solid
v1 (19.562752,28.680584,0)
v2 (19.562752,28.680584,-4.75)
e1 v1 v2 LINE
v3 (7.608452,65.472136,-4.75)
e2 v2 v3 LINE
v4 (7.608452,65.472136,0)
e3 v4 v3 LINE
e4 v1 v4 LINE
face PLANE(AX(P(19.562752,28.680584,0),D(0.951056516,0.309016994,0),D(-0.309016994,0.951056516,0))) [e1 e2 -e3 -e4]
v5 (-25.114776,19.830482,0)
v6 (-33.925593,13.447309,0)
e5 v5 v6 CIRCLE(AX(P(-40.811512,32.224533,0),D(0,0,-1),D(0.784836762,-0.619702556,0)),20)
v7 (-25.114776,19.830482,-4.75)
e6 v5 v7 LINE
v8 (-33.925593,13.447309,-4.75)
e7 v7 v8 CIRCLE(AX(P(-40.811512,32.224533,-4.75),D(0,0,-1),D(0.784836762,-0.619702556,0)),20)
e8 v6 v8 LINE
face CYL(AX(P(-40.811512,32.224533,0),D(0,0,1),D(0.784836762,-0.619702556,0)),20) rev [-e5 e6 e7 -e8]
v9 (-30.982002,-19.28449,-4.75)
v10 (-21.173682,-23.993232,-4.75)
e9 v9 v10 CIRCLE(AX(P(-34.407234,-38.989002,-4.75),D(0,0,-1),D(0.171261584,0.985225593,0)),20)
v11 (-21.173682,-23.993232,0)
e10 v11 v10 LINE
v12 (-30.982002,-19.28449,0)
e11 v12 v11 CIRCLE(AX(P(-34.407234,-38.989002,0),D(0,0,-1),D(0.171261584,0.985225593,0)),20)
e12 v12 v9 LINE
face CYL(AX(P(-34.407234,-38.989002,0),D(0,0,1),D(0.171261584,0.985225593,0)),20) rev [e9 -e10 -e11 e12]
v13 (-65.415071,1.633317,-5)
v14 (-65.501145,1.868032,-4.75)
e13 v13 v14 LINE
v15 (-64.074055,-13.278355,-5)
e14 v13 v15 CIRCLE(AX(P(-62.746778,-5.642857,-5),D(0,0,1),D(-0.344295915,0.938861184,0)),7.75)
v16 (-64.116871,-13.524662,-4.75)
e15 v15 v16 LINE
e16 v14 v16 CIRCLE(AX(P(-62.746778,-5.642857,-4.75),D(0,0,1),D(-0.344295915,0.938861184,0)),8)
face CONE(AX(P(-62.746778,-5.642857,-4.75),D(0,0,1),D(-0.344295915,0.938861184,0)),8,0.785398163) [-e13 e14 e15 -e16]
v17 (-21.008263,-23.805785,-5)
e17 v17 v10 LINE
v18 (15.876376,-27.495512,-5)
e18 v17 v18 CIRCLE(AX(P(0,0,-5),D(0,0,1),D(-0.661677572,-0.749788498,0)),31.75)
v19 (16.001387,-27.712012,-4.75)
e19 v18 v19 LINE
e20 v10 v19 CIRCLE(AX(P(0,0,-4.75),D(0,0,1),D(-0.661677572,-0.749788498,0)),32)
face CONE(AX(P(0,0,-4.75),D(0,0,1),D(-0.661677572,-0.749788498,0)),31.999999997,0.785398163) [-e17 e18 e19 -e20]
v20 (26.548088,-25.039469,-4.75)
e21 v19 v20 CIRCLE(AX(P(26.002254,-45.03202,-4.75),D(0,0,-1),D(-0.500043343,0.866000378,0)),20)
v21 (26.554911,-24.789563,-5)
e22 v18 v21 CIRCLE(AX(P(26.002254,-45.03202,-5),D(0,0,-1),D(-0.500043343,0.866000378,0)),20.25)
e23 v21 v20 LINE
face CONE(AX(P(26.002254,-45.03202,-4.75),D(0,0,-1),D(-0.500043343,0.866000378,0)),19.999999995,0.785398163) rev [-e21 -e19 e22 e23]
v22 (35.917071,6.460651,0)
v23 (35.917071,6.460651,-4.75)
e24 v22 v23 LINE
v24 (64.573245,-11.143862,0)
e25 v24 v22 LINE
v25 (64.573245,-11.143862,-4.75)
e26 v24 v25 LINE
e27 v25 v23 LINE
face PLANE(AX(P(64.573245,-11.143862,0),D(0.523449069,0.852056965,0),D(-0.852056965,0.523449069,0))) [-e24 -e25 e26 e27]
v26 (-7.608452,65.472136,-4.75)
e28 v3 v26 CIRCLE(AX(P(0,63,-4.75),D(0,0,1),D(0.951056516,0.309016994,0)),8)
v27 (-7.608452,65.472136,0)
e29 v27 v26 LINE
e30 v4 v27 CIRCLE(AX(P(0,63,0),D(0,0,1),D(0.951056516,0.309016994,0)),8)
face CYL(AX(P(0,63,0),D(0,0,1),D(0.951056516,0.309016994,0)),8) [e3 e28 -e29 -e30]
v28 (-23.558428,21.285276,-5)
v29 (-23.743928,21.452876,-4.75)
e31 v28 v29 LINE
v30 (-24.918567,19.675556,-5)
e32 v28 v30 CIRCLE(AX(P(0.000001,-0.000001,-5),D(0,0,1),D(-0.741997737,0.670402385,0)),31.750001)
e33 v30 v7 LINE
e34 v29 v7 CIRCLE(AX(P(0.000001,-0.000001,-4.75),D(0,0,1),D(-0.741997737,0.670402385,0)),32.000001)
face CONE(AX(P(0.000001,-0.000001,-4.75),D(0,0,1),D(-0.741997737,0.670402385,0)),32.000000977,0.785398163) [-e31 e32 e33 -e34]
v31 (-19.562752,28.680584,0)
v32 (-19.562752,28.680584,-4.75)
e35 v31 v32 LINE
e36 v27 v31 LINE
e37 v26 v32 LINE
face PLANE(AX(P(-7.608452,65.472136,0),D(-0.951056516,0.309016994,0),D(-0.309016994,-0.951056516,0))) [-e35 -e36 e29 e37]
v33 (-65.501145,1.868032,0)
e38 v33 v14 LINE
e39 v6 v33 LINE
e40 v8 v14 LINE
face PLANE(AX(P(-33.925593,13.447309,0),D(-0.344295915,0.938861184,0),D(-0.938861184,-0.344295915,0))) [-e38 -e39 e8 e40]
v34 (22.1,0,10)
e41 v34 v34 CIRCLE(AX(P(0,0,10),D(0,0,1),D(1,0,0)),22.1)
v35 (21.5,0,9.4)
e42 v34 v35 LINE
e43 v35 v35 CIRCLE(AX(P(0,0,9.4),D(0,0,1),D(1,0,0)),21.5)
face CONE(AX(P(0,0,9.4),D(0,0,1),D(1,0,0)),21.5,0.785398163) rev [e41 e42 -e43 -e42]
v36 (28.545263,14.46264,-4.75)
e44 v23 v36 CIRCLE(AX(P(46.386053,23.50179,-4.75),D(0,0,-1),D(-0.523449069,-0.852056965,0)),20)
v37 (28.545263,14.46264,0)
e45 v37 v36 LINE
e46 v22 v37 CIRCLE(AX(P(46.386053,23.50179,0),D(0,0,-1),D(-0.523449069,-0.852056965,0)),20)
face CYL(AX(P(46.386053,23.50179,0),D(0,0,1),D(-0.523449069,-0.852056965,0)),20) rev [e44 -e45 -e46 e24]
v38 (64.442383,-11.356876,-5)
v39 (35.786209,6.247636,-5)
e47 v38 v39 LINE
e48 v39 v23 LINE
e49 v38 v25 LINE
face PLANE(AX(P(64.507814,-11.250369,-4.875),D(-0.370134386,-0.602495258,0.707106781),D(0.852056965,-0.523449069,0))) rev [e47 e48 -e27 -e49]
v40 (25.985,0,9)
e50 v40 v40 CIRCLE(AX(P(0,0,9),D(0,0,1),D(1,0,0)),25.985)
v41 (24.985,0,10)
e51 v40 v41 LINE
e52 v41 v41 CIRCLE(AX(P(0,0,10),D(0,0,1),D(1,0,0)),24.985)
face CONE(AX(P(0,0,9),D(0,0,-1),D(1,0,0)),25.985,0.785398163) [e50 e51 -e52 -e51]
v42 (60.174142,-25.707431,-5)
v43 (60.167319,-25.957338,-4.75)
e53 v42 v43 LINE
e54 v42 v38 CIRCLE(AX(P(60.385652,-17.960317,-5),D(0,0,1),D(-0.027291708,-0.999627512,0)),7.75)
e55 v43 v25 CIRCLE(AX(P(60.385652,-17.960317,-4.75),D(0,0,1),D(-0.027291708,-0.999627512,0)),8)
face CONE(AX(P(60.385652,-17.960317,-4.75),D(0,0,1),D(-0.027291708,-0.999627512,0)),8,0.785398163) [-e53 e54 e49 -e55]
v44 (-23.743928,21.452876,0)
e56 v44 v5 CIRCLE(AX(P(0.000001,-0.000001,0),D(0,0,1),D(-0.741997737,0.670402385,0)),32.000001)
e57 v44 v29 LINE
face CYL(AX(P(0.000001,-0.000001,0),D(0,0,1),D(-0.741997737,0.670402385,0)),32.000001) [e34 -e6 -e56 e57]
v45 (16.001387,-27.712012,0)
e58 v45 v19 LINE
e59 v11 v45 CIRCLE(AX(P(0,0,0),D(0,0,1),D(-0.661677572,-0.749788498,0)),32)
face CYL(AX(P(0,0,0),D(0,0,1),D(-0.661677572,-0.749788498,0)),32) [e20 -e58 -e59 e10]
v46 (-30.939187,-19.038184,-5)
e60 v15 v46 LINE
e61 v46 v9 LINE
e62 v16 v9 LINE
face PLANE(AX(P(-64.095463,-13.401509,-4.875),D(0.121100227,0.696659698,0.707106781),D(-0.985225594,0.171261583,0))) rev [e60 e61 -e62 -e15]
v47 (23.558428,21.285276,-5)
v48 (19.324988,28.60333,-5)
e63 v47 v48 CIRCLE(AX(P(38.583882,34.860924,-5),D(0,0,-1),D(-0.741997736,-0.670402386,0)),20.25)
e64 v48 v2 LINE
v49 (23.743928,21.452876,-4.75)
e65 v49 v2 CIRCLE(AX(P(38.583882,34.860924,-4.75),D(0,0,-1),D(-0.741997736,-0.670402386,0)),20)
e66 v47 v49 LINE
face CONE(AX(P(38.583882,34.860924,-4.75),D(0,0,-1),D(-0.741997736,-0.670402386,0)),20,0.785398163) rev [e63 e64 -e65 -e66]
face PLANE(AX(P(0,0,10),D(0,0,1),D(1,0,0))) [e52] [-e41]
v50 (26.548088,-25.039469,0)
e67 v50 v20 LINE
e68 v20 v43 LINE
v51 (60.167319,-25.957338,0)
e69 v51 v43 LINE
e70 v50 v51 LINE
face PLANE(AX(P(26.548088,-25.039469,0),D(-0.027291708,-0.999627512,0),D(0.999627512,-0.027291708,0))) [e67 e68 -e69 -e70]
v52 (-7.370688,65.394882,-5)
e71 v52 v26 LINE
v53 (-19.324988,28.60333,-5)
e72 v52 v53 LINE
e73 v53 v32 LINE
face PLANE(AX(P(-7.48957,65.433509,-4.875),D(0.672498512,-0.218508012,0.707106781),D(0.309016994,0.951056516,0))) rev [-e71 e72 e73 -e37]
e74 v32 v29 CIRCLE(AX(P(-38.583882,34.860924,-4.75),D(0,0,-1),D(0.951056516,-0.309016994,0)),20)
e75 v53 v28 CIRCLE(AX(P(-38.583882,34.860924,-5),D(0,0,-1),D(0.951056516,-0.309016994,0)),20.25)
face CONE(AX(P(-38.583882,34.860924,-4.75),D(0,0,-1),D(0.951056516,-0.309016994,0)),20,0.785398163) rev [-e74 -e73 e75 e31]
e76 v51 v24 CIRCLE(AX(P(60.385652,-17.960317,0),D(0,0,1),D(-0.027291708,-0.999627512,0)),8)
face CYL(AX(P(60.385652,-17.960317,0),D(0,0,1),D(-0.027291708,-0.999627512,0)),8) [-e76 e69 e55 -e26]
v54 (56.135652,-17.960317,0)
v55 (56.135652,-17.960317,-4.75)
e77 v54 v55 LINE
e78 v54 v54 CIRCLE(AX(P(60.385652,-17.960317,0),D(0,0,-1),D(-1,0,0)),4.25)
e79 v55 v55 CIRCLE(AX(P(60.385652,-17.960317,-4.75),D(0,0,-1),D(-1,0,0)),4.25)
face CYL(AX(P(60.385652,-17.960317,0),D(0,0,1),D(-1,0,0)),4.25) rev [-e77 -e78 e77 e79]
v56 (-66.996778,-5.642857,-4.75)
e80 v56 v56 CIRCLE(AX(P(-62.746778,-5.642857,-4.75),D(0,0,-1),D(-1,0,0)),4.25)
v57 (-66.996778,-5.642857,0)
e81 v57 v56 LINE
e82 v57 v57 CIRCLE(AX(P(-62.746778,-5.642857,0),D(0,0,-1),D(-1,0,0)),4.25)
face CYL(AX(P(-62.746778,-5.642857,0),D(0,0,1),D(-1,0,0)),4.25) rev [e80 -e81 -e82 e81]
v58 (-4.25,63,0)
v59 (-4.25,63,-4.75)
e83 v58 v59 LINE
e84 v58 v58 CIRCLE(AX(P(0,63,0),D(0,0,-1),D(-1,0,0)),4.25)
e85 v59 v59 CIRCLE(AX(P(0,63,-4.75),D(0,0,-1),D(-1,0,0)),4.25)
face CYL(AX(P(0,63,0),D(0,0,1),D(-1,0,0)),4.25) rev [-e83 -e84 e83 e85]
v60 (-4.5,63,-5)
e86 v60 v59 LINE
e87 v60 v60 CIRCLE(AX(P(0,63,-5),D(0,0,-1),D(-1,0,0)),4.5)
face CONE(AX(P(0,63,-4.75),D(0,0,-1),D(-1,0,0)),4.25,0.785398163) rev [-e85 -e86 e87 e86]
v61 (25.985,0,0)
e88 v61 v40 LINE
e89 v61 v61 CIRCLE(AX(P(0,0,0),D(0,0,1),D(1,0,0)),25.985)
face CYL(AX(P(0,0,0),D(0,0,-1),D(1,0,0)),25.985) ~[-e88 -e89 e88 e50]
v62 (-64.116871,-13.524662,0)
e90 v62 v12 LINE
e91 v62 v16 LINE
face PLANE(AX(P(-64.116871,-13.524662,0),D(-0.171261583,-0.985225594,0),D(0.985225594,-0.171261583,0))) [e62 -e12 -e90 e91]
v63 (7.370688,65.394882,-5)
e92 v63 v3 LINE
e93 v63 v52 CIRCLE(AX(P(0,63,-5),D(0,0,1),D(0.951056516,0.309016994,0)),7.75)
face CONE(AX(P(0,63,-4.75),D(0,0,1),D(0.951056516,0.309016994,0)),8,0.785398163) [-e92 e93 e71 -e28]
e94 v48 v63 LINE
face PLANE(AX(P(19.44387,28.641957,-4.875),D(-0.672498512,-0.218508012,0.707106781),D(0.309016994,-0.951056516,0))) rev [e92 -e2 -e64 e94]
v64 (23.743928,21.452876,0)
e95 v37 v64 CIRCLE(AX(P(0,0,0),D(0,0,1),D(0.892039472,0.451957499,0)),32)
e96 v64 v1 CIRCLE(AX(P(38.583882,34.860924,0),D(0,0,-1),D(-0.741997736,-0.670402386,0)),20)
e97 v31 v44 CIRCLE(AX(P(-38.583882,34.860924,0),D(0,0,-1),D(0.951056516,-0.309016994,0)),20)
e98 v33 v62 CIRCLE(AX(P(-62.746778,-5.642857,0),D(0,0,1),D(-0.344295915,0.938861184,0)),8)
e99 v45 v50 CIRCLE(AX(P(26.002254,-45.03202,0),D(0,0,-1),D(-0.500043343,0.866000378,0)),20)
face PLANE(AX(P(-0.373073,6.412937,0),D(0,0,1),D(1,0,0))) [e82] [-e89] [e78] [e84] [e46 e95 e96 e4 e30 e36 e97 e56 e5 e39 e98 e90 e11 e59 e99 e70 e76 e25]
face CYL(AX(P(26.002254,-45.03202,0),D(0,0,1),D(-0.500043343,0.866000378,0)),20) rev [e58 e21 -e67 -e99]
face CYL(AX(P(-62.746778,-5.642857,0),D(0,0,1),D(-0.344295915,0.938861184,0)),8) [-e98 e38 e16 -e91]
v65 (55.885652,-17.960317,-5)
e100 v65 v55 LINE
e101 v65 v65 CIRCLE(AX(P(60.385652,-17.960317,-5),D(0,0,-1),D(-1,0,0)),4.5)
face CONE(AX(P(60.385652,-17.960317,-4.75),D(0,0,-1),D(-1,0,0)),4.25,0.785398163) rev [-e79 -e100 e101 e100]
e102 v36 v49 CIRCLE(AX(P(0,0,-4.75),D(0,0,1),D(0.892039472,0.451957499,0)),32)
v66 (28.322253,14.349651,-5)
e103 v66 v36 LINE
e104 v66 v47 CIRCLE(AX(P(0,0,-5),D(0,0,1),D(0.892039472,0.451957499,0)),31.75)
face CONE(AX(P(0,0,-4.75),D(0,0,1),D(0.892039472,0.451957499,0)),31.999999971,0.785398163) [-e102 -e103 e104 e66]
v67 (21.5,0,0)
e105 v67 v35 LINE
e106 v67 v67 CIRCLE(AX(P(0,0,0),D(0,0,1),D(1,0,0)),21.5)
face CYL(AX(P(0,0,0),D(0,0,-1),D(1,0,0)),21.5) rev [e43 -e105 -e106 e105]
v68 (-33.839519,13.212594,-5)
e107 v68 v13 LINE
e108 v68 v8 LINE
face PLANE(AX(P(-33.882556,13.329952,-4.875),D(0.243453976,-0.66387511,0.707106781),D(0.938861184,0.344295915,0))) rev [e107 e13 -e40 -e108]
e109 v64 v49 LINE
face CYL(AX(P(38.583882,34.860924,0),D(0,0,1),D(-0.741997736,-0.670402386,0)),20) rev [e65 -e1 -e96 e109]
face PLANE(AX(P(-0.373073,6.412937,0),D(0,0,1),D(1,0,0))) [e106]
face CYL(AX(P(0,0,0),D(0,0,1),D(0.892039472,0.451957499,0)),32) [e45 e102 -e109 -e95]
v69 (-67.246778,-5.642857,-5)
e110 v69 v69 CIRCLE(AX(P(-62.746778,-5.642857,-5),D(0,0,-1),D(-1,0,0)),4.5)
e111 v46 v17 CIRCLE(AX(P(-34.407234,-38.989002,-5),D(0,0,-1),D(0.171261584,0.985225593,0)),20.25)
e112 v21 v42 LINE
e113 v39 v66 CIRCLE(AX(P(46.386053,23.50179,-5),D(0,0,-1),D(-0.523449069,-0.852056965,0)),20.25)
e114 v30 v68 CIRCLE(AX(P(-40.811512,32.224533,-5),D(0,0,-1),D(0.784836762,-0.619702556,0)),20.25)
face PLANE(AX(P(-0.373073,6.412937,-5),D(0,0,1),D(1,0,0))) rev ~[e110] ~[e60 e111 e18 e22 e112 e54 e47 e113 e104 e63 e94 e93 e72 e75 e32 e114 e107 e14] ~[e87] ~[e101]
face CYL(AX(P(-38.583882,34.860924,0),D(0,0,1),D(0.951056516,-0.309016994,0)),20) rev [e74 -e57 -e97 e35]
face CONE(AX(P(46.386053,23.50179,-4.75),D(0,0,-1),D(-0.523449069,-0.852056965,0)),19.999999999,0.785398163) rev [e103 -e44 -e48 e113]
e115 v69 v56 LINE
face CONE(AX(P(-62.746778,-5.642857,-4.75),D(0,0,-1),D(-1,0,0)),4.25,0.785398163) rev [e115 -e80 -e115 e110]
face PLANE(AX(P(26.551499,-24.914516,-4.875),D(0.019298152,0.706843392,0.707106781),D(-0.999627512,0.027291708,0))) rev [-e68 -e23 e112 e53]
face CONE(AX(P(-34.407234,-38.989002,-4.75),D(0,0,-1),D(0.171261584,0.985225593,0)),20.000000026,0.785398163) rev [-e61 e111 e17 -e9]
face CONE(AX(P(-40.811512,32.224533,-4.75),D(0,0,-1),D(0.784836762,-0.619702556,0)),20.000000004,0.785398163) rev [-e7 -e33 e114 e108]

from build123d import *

# Parameters (mm, degrees)
ESQUISSE1_R        = 25.985
ESQUISSE1_R_2      = 21.5
BOSS_EXTRU_1_DEPTH = 10
CHANFREIN1_SIZE    = 1
CHANFREIN2_SIZE    = 0.6
ESQUISSE2_R        = 4.25
BOSS_EXTRU_2_DEPTH = 5
CHANFREIN3_SIZE    = 0.25


with BuildPart() as part:
    # Esquisse1 → Boss.-Extru.1 (new body)
    with BuildSketch(Plane.XY):
        Circle(ESQUISSE1_R)
        Circle(ESQUISSE1_R_2, mode=Mode.SUBTRACT)
    extrude(amount=BOSS_EXTRU_1_DEPTH)

    # Chanfrein1
    chanfrein1_edges = [part.edges().sort_by_distance(p)[0] for p in [
        (-25.985, 0, 10),
    ]]
    chamfer(chanfrein1_edges, length=CHANFREIN1_SIZE)

    # Chanfrein2
    chanfrein2_edges = [part.edges().sort_by_distance(p)[0] for p in [
        (-21.5, 0, 10),
    ]]
    chamfer(chanfrein2_edges, length=CHANFREIN2_SIZE)

    # Esquisse2 → Boss.-Extru.2 (add)
    with BuildSketch(Plane(origin=(0, 0, 0), x_dir=(-1, 0, 0), z_dir=(0, 0, -1))):
        with BuildLine():
            Line((7.60845213, 65.472135955), (19.562751949, 28.680584205))
            ThreePointArc((19.562751949, 28.680584205), (21.2719439, 24.846095602), (23.743927554, 21.452876365))
            ThreePointArc((23.743927554, 21.452876365), (24.442816498, 20.653055987), (25.114776372, 19.830481783))
            ThreePointArc((25.114776372, 19.830481783), (29.077787425, 16.028245766), (33.925593306, 13.447309217))
            Line((33.925593306, 13.447309217), (65.50114543, 1.86803233))
            ThreePointArc((65.50114543, 1.86803233), (70.71462295, -6.359410431), (64.116870777, -13.524661891))
            Line((64.116870777, -13.524661891), (30.982002055, -19.284490011))
            ThreePointArc((30.982002055, -19.284490011), (25.751494228, -20.959077483), (21.173682289, -23.993231927))
            ThreePointArc((21.173682289, -23.993231927), (3.185198765, -31.841082093), (-16.001386984, -27.712012099))
            ThreePointArc((-16.001386984, -27.712012099), (-21.089512057, -25.644782414), (-26.548088017, -25.039469423))
            Line((-26.548088017, -25.039469423), (-60.167318575, -25.957337556))
            ThreePointArc((-60.167318575, -25.957337556), (-68.053671575, -20.240992693), (-64.573244793, -11.143861737))
            Line((-64.573244793, -11.143861737), (-35.917071141, 6.460650663))
            ThreePointArc((-35.917071141, 6.460650663), (-31.676574653, 9.950728723), (-28.545263087, 14.462639983))
            ThreePointArc((-28.545263087, 14.462639983), (-26.377181723, 18.117513195), (-23.743927554, 21.452876365))
            ThreePointArc((-23.743927554, 21.452876365), (-21.2719439, 24.846095602), (-19.562751949, 28.680584205))
            Line((-19.562751949, 28.680584205), (-7.60845213, 65.472135955))
            ThreePointArc((-7.60845213, 65.472135955), (0, 71), (7.60845213, 65.472135955))
        make_face()
        with Locations((0, 63)):
            Circle(ESQUISSE2_R, mode=Mode.SUBTRACT)
        with Locations((62.746778111, -5.642857143)):
            Circle(ESQUISSE2_R, mode=Mode.SUBTRACT)
        with Locations((-60.385652242, -17.96031746)):
            Circle(ESQUISSE2_R, mode=Mode.SUBTRACT)
    extrude(amount=BOSS_EXTRU_2_DEPTH)

    # Chanfrein3
    chanfrein3_edges = [part.edges().sort_by_distance(p)[0] for p in [
        (-25.751494228, -20.959077483, -5),
        (-47.549436416, -16.404575951, -5),
        (-70.71462295, -6.359410431, -5),
        (-49.713369368, 7.657670773, -5),
        (-29.077787425, 16.028245766, -5),
        (-24.442816498, 20.653055987, -5),
        (-21.2719439, 24.846095602, -5),
        (-13.58560204, 47.07636008, -5),
        (0, 71, -5),
        (13.58560204, 47.07636008, -5),
        (21.2719439, 24.846095602, -5),
        (26.377181723, 18.117513195, -5),
        (31.676574653, 9.950728723, -5),
        (50.245157967, -2.341605537, -5),
        (68.053671575, -20.240992693, -5),
        (43.357703296, -25.498403489, -5),
        (21.089512057, -25.644782414, -5),
        (-3.185198765, -31.841082093, -5),
        (4.25, 63, -5),
        (-58.496778111, -5.642857143, -5),
        (64.635652242, -17.96031746, -5),
    ]]
    chamfer(chanfrein3_edges, length=CHANFREIN3_SIZE)


solid = part.part
